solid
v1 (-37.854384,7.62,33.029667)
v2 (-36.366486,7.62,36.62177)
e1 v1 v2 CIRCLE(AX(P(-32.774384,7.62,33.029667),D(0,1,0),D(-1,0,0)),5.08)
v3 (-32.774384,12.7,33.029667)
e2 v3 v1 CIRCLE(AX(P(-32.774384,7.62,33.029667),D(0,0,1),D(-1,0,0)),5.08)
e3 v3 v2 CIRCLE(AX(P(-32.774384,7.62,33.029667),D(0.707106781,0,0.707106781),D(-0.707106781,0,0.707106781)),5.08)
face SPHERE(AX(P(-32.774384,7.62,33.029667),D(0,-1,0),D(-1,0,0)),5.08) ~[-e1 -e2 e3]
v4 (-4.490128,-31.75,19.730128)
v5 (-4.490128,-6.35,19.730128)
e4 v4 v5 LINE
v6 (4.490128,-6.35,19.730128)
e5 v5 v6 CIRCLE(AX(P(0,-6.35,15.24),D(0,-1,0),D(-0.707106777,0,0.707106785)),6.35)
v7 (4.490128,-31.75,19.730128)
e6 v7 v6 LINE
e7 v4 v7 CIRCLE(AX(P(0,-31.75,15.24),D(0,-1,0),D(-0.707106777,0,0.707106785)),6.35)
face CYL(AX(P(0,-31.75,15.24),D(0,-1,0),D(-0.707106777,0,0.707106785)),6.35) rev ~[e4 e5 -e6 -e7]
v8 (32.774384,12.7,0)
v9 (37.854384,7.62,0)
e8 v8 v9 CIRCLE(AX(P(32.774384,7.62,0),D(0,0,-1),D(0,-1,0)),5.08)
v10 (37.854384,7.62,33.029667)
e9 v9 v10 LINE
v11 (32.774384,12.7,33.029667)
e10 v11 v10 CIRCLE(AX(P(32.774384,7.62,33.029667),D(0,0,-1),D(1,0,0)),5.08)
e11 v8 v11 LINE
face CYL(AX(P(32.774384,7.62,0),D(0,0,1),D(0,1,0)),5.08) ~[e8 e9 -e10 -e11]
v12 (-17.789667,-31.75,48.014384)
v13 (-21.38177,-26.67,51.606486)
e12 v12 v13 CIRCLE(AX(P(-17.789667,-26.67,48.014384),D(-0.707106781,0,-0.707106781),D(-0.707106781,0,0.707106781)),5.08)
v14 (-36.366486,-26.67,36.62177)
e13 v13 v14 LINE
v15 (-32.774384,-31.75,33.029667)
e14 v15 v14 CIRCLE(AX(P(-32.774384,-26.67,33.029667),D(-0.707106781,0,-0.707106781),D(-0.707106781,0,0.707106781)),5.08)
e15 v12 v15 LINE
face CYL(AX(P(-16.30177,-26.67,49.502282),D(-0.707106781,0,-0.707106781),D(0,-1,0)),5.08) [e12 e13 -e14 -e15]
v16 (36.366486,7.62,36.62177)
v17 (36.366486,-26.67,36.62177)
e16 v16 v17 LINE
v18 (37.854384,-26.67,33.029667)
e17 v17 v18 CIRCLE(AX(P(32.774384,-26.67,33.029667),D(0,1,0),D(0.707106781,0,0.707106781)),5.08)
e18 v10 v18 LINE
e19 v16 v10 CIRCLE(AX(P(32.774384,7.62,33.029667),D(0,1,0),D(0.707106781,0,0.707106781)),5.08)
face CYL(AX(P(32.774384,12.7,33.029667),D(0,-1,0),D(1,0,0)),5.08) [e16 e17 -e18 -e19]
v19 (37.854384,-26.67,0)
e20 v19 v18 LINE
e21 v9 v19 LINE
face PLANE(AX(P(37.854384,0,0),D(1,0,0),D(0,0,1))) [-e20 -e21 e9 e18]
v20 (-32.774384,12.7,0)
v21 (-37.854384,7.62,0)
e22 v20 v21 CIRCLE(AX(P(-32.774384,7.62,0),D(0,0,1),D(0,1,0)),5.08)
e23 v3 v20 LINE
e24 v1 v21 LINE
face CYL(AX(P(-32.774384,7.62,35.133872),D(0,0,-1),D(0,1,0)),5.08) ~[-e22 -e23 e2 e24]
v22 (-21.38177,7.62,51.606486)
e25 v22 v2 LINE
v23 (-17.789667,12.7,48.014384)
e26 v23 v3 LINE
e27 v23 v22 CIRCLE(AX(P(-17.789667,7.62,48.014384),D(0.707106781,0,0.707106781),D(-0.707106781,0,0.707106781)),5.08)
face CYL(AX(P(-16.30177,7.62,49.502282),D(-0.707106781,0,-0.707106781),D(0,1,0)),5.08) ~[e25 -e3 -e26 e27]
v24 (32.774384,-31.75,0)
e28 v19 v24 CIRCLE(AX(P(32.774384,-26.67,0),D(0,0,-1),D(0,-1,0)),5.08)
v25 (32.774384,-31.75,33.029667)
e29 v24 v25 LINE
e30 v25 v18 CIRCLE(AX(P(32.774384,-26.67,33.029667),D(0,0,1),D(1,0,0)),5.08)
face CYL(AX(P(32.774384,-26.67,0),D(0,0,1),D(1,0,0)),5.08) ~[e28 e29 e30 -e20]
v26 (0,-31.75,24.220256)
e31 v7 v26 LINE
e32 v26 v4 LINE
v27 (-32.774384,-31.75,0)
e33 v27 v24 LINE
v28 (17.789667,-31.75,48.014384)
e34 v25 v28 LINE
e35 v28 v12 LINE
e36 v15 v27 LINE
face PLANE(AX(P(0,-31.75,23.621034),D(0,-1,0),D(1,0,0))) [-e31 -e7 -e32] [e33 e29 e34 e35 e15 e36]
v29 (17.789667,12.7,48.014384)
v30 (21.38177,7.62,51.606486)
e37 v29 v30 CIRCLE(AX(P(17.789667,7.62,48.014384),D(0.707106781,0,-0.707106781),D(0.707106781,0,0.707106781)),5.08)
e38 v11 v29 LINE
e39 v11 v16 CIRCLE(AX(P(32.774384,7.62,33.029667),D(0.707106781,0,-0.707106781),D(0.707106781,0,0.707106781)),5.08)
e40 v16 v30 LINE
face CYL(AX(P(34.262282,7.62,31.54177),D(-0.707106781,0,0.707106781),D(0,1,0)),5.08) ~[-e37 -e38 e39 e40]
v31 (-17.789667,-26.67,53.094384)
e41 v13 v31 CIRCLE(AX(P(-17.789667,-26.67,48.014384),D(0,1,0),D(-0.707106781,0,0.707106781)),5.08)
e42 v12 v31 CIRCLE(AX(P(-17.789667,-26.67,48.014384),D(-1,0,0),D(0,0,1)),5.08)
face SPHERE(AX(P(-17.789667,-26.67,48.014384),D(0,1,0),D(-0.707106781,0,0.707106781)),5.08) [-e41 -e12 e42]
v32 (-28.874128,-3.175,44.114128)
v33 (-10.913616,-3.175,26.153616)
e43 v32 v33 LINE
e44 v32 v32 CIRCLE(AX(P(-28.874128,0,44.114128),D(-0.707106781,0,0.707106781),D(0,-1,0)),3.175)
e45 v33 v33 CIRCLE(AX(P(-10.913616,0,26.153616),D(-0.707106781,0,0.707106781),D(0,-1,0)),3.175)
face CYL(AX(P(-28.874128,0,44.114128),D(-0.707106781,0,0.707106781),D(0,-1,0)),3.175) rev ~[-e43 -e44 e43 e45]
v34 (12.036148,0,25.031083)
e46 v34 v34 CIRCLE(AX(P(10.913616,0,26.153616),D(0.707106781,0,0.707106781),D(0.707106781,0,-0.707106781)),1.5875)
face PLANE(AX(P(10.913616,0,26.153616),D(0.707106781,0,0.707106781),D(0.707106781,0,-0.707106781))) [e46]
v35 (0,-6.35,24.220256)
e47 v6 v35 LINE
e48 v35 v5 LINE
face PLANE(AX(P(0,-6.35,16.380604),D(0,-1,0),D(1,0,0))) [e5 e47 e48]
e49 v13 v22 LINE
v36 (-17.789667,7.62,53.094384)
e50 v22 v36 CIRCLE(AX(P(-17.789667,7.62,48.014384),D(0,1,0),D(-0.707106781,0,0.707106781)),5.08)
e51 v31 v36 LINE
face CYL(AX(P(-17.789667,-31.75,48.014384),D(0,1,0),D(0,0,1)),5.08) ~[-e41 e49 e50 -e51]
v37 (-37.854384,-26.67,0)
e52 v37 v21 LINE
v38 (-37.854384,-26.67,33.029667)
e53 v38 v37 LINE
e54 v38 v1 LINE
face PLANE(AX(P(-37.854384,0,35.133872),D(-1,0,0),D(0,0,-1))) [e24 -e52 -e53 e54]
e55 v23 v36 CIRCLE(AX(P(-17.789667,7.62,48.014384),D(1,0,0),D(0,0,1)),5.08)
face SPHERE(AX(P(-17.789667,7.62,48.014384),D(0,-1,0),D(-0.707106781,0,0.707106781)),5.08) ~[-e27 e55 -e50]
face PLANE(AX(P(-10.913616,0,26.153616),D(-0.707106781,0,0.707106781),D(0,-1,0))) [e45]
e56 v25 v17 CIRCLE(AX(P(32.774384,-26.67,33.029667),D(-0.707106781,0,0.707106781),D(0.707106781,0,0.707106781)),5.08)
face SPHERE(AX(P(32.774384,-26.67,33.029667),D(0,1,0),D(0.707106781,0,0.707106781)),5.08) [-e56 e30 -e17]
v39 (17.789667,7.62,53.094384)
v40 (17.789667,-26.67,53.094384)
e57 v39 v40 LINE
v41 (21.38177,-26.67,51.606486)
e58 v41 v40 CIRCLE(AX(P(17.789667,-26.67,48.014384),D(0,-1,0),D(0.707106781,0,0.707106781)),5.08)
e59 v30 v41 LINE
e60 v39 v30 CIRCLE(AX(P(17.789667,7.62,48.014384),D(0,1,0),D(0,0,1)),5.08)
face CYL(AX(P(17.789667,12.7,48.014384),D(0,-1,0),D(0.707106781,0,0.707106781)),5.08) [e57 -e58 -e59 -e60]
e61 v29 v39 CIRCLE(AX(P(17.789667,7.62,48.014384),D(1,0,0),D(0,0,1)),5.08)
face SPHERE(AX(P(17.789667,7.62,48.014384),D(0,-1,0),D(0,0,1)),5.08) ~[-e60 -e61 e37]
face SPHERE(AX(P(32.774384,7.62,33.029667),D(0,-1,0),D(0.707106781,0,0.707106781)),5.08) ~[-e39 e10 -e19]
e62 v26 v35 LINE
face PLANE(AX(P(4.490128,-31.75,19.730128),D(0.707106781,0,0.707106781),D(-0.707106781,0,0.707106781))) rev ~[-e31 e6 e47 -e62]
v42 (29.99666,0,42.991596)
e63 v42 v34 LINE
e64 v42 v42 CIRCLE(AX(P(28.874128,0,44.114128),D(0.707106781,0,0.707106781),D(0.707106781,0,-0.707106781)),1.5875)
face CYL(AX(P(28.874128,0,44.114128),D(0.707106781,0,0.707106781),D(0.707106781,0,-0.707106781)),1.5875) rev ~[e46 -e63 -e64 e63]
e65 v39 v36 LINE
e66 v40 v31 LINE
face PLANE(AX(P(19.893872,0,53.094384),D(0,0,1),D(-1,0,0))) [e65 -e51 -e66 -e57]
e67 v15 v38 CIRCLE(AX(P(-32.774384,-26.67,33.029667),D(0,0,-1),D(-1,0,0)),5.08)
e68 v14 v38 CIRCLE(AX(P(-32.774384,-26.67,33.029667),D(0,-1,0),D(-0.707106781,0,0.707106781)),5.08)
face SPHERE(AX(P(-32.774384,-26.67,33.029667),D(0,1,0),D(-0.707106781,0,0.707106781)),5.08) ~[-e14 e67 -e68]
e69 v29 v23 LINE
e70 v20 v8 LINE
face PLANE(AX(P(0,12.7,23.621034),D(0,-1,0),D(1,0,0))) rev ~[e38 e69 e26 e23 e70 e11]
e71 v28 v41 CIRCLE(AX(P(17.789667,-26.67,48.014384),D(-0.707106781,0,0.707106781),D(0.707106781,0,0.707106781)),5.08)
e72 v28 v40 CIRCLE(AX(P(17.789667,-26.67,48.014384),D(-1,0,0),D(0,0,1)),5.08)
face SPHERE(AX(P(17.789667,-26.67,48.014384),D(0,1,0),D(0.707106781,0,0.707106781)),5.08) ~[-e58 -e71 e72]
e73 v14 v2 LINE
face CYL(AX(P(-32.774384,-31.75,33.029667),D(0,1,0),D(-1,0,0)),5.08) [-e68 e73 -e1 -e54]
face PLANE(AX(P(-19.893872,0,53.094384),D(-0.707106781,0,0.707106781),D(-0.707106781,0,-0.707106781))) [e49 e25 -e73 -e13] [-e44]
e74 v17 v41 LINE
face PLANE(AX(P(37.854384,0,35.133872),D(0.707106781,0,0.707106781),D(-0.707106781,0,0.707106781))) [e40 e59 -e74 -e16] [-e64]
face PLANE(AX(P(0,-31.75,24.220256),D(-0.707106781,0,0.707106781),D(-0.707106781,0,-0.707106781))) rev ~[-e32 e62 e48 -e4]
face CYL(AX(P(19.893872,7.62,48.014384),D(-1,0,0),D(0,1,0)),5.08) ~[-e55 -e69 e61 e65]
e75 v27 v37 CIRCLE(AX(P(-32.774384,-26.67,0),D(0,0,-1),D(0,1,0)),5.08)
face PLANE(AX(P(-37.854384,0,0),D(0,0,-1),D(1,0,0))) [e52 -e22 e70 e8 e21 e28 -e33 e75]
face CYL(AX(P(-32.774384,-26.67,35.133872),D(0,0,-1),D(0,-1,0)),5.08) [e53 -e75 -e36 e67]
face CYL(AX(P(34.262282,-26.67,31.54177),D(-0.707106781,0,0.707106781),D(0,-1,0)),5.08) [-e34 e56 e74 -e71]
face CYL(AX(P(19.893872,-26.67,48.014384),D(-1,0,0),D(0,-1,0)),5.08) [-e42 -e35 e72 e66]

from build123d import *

# Parameters (mm, degrees)
F1_DEPTH      = 31.75
F1_DEPTH_BACK = 12.7
F2_R          = 3.175
F3_DEPTH      = 25.4
F4_R          = 1.5875
F5_DEPTH      = 25.4
F7_DEPTH      = 25.4
F8_R          = 5.08


with BuildPart() as f1:
    # F0 (on Front) → F1 (new body, two sides)
    with BuildSketch(Plane.XZ) as f1_sk:
        Polygon((-37.854384, 0), (0, 0), (37.854384, 0), (37.854384, 35.133872), (19.893872, 53.094384), (0, 53.094384), (-19.893872, 53.094384), (-37.854384, 35.133872), align=None)
    extrude(amount=F1_DEPTH)
    extrude(f1_sk.sketch, amount=-F1_DEPTH_BACK)

    # F2 (on face) → F3 (cut)
    with BuildSketch(Plane(origin=(-36.494128, 0, 36.494128), x_dir=(0, -1, 0), z_dir=(-0.707107, 0, 0.707107))):
        with Locations((0, 10.776307)):
            Circle(F2_R)
    extrude(amount=-F3_DEPTH, mode=Mode.SUBTRACT)

    # F4 (on face) → F5 (cut)
    with BuildSketch(Plane(origin=(36.494128, 0, 36.494128), x_dir=(0.707107, 0, -0.707107), z_dir=(0.707107, 0, 0.707107))):
        with Locations((-10.776307, 0)):
            Circle(F4_R)
    extrude(amount=-F5_DEPTH, mode=Mode.SUBTRACT)

    # F6 (on face) → F7 (cut)
    with BuildSketch(Plane.XZ.offset(31.75)):
        with BuildLine():
            Line((0, 24.220256), (-4.490128, 19.730128))
            ThreePointArc((-4.490128, 19.730128), (0, 8.89), (4.490128, 19.730128))
            Line((4.490128, 19.730128), (0, 24.220256))
        make_face()
    extrude(amount=-F7_DEPTH, mode=Mode.SUBTRACT)

    # F8
    f8_edges = [f1.edges().sort_by_distance(p)[0] for p in [
        (-37.854384, 12.7, 17.566936),
        (-28.874128, 12.7, 44.114128),
        (0, 12.7, 53.094384),
        (28.874128, 12.7, 44.114128),
        (37.854384, 12.7, 17.566936),
        (-19.893872, -9.525, 53.094384),
        (-37.854384, -9.525, 35.133872),
        (-28.874128, -31.75, 44.114128),
        (-37.854384, -31.75, 17.566936),
        (0, -31.75, 53.094384),
        (19.893872, -9.525, 53.094384),
        (28.874128, -31.75, 44.114128),
        (37.854384, -31.75, 17.566936),
        (37.854384, -9.525, 35.133872),
    ]]
    fillet(f8_edges, radius=F8_R)


solid = f1.part
